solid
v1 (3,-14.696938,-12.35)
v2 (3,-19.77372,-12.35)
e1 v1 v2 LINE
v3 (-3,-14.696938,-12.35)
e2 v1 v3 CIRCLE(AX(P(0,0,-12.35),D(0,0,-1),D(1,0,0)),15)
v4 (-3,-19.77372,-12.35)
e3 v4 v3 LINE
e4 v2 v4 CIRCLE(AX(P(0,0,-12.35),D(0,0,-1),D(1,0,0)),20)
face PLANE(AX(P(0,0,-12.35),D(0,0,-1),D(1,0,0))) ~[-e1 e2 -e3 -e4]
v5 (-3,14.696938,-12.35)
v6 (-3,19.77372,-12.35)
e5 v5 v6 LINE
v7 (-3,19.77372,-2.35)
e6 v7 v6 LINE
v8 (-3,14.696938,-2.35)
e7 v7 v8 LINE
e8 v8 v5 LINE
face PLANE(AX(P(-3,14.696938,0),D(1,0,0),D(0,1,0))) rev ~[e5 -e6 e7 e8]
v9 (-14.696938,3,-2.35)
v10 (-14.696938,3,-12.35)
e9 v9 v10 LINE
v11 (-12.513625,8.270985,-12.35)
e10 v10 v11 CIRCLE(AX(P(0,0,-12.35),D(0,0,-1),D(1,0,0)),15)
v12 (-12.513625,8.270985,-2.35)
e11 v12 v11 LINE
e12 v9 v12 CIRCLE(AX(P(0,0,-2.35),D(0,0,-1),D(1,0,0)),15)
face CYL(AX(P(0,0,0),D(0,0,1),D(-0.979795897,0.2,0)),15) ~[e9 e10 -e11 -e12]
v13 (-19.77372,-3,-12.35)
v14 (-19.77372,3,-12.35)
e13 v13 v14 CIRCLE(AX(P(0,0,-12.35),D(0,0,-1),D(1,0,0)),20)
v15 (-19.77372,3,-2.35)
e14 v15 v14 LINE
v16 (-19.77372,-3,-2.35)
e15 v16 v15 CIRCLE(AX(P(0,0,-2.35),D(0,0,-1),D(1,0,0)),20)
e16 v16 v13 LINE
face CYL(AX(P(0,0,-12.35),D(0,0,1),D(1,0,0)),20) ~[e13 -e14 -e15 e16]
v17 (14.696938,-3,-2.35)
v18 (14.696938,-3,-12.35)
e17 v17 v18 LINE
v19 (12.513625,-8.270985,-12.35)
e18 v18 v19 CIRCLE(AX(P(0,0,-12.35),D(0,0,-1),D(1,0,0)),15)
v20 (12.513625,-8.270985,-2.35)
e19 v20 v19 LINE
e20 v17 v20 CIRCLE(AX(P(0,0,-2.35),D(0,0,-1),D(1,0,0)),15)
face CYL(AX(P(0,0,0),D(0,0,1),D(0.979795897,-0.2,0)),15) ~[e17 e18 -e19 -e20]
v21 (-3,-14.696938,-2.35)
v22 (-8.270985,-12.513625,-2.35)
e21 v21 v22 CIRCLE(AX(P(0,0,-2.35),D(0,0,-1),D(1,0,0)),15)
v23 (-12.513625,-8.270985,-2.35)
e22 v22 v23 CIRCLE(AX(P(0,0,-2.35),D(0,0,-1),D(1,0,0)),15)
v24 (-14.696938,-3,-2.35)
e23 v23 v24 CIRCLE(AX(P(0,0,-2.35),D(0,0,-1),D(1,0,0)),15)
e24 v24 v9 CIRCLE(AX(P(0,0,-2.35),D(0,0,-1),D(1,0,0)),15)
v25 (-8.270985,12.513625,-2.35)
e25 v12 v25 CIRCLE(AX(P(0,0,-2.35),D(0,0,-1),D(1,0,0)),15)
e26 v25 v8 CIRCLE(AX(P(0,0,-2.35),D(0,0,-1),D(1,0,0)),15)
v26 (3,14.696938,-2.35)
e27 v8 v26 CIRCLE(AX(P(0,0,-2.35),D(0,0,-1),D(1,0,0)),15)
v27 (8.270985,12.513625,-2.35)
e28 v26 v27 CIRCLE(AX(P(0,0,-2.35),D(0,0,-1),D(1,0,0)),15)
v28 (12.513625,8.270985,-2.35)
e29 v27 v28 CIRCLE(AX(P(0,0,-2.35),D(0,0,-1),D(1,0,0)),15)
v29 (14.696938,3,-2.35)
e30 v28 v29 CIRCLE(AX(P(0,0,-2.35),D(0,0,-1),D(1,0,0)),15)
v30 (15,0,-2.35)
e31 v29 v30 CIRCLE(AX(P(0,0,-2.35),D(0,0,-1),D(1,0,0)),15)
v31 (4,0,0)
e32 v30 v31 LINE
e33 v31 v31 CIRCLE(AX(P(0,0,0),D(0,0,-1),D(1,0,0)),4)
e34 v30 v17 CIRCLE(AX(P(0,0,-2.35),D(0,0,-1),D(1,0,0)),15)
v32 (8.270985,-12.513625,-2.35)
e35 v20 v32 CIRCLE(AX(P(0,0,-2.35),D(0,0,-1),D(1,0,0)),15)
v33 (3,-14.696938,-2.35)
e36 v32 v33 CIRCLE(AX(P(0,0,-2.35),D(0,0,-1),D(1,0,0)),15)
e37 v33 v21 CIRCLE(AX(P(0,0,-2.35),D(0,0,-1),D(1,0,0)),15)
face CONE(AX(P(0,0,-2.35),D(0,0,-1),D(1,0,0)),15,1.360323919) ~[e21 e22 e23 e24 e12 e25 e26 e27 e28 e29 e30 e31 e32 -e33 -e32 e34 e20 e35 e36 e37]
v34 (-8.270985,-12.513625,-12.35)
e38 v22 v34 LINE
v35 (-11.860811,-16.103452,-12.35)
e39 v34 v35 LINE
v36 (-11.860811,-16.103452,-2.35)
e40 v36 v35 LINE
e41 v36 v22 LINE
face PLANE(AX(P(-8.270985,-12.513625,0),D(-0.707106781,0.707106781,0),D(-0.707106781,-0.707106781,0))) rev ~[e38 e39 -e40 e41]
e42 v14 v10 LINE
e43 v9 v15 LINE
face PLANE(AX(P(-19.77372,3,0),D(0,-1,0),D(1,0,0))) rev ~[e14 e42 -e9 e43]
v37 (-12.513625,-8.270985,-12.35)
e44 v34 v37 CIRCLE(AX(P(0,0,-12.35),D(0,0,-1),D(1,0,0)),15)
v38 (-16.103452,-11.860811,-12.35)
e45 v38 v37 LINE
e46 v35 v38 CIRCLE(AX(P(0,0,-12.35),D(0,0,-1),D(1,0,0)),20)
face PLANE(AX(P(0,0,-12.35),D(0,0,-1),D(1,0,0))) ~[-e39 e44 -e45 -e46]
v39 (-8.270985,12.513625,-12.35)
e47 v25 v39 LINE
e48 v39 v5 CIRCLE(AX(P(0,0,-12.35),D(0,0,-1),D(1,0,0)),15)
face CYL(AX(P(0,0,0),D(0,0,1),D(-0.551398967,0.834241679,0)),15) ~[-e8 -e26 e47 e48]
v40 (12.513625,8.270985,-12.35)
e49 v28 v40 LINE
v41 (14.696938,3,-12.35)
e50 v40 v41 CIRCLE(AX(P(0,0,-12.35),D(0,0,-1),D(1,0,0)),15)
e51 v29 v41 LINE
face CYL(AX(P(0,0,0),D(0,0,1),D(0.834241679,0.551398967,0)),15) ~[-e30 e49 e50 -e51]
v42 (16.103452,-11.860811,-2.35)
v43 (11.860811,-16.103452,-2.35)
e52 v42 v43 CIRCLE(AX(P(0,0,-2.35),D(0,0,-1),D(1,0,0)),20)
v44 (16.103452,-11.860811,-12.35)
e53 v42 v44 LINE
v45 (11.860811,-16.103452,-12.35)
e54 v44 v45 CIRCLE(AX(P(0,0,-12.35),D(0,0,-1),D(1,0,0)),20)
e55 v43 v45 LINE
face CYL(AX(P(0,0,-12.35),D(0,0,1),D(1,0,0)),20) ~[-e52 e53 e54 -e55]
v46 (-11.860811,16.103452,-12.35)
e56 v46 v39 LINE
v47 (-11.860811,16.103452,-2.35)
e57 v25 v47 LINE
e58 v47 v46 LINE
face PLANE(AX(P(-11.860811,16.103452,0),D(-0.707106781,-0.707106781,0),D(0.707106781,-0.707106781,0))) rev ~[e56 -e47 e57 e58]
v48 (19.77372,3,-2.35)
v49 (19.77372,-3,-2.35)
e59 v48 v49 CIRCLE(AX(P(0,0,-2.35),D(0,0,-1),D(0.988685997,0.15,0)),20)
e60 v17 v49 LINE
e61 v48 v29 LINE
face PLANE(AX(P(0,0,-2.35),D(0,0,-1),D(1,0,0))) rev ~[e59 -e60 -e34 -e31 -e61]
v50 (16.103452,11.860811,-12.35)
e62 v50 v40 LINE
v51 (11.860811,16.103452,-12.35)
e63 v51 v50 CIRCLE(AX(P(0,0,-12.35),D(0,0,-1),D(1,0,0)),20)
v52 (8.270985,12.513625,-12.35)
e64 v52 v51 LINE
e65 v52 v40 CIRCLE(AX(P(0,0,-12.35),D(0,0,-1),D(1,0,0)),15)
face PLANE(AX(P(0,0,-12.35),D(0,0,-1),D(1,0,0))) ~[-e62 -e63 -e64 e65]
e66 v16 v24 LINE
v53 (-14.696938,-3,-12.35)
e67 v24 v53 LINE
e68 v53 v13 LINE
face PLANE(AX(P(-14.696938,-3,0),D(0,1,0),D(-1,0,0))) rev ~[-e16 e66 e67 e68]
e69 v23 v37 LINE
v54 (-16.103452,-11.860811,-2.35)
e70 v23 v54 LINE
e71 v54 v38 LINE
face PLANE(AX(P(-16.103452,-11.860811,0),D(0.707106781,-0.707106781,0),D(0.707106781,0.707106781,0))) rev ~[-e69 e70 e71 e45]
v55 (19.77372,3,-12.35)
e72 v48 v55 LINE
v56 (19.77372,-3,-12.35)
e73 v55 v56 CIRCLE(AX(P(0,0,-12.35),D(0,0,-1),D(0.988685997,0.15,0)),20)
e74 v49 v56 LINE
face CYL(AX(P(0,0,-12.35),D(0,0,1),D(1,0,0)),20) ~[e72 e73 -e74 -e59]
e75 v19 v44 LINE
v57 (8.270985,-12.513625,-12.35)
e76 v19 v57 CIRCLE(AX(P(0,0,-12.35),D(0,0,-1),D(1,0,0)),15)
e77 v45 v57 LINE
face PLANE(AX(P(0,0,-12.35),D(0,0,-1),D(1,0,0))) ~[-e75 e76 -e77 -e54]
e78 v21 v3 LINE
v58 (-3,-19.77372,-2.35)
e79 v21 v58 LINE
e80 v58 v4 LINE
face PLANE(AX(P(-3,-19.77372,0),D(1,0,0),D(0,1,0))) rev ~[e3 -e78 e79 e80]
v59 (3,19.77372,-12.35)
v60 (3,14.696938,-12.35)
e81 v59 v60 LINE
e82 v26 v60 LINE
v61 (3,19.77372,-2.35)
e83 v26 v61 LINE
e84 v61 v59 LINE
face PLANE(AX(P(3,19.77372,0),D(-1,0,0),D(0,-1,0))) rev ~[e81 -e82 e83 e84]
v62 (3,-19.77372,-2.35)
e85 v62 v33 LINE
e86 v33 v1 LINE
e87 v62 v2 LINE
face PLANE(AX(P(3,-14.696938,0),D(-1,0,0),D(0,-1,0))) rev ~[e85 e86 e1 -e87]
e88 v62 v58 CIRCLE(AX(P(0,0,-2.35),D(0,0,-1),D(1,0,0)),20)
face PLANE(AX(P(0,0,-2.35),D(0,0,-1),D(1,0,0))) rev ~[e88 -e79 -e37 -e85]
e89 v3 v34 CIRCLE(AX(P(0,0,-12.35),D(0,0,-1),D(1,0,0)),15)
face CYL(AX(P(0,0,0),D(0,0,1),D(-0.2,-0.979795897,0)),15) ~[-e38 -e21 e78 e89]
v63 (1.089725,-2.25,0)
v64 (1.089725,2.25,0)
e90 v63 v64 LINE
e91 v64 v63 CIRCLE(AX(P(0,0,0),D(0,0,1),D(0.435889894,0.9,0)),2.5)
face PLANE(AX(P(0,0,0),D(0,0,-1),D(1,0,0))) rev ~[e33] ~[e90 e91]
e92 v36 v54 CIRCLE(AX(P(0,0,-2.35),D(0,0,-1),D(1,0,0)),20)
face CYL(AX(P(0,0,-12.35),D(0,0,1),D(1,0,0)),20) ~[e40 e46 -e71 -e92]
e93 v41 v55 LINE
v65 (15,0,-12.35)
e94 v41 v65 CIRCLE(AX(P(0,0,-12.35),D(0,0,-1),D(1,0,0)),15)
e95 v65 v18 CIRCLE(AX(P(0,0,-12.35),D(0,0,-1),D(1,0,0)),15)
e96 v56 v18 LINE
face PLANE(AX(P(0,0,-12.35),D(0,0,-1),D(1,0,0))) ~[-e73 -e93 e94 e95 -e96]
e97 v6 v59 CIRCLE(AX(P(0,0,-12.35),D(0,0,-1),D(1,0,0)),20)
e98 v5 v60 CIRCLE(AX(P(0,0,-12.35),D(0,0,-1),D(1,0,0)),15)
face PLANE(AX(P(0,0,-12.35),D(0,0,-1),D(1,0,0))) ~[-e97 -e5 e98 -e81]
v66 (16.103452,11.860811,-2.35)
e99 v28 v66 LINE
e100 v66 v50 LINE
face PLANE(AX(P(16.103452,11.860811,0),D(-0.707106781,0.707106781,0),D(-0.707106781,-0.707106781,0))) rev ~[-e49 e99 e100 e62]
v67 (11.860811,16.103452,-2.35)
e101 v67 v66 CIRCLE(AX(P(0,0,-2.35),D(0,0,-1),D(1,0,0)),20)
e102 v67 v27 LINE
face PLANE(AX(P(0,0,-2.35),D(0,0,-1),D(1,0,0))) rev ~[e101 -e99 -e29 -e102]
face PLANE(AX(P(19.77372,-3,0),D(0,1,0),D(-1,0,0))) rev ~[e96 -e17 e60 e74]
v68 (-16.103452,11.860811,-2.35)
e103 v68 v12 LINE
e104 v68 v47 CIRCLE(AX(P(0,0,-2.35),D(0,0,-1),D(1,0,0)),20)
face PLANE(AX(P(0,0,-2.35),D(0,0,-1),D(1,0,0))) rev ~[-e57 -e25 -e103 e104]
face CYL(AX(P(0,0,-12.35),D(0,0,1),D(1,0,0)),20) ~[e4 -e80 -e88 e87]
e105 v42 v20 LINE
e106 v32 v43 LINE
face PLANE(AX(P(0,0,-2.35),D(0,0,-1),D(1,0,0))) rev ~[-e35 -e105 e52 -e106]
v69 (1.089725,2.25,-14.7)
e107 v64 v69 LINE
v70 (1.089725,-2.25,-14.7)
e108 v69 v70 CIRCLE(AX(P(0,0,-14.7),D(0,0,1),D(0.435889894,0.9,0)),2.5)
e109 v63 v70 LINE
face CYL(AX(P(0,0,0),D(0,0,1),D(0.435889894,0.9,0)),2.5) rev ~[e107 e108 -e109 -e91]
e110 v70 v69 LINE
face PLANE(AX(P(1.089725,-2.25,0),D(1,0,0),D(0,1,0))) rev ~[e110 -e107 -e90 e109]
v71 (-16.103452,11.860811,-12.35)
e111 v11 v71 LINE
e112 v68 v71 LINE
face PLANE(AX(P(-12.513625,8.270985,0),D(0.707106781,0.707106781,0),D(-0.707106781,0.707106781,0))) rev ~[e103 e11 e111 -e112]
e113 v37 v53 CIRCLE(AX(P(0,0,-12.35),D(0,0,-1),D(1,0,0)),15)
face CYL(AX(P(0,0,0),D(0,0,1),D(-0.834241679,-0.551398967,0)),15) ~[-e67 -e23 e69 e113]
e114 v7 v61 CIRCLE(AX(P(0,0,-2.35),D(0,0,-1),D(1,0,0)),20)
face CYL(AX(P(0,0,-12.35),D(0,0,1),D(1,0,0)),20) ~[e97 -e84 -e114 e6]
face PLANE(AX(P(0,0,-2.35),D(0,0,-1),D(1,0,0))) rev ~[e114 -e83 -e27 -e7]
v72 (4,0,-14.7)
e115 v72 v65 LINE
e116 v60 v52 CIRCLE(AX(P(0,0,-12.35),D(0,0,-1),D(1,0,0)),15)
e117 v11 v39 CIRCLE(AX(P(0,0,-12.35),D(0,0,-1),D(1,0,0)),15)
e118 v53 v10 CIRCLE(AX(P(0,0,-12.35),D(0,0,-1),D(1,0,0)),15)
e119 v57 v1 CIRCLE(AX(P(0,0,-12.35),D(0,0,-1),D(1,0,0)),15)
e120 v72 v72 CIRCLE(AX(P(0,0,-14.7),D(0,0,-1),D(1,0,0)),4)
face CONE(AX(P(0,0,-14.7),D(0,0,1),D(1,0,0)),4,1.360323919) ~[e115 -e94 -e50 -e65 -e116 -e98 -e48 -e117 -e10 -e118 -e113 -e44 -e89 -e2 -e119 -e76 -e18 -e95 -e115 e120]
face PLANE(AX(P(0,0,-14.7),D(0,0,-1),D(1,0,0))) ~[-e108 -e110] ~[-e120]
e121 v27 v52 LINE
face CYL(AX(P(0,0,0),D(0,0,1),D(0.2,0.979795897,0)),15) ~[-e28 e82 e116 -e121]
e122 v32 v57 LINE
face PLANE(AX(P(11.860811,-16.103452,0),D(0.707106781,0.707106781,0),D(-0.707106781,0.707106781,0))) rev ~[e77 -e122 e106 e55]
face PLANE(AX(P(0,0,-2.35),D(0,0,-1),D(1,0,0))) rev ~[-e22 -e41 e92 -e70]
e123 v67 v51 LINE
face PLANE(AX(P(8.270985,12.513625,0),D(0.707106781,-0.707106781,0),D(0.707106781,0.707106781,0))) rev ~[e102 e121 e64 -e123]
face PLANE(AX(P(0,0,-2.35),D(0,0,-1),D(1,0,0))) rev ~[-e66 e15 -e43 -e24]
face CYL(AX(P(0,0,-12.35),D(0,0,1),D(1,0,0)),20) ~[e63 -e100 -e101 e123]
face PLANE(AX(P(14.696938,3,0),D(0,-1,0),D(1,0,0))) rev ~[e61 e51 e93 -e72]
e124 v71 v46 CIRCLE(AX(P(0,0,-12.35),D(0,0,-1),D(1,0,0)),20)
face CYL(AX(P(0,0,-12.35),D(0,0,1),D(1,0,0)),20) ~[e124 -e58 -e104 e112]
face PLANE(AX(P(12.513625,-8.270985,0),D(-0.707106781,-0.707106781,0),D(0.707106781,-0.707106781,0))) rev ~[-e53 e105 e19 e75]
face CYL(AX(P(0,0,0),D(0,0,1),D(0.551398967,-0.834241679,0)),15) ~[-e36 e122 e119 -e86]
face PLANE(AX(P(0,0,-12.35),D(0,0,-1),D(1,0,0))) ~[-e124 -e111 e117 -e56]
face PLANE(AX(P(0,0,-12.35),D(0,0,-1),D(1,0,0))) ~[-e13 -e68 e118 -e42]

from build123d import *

# Parameters (mm, degrees)
SKETCH2_R          = 25
SKETCH2_R_2        = 20
CUT_EXTRUDE5_DEPTH = 30
CUT_EXTRUDE6_DEPTH = 20


with BuildPart() as part:
    # Sketch3 → Revolve3 (revolve)
    with BuildSketch(Plane(origin=(0, 0, 0), x_dir=(0, 0, -1), z_dir=(1, 0, 0)), mode=Mode.PRIVATE) as revolve3_sk:
        Polygon((0, 0), (14.7, 0), (14.7, 4), (12.35, 15), (12.35, 20), (2.35, 20), (2.35, 15), (0, 4), align=None)
    revolve(revolve3_sk.sketch.rotate(Axis((0, 0, 0), (0, 0, -1)), 90), axis=Axis((0, 0, 0), (0, 0, -1)))

    # Sketch2 → Cut-Extrude5 (cut)
    with BuildSketch(Plane.XY):
        Circle(SKETCH2_R)
        Circle(SKETCH2_R_2, mode=Mode.SUBTRACT)
        with BuildLine():
            ThreePointArc((-12.513625189, -8.270984502), (-13.858192988, -5.740251485), (-14.696938457, -3))
            Line((-14.696938457, -3), (-19.773719933, -3))
            ThreePointArc((-19.773719933, -3), (-18.47759065, -7.653668647), (-16.103451798, -11.860811111))
            Line((-16.103451798, -11.860811111), (-12.513625189, -8.270984502))
        make_face()
        with BuildLine():
            ThreePointArc((-14.696938457, 3), (-13.858192988, 5.740251485), (-12.513625189, 8.270984502))
            Line((-12.513625189, 8.270984502), (-16.103451798, 11.860811111))
            ThreePointArc((-16.103451798, 11.860811111), (-18.47759065, 7.653668647), (-19.773719933, 3))
            Line((-19.773719933, 3), (-14.696938457, 3))
        make_face()
        with BuildLine():
            ThreePointArc((-8.270984502, 12.513625189), (-5.740251485, 13.858192988), (-3, 14.696938457))
            Line((-3, 14.696938457), (-3, 19.773719933))
            ThreePointArc((-3, 19.773719933), (-7.653668647, 18.47759065), (-11.860811111, 16.103451798))
            Line((-11.860811111, 16.103451798), (-8.270984502, 12.513625189))
        make_face()
        with BuildLine():
            Line((3, 19.773719933), (3, 14.696938457))
            ThreePointArc((3, 14.696938457), (5.740251485, 13.858192988), (8.270984502, 12.513625189))
            Line((8.270984502, 12.513625189), (11.860811111, 16.103451798))
            ThreePointArc((11.860811111, 16.103451798), (7.653668647, 18.47759065), (3, 19.773719933))
        make_face()
        with BuildLine():
            Line((16.103451798, 11.860811111), (12.513625189, 8.270984502))
            ThreePointArc((12.513625189, 8.270984502), (13.858192988, 5.740251485), (14.696938457, 3))
            Line((14.696938457, 3), (19.773719933, 3))
            ThreePointArc((19.773719933, 3), (18.47759065, 7.653668647), (16.103451798, 11.860811111))
        make_face()
        with BuildLine():
            ThreePointArc((16.103451798, -11.860811111), (18.47759065, -7.653668647), (19.773719933, -3))
            Line((19.773719933, -3), (14.696938457, -3))
            ThreePointArc((14.696938457, -3), (13.858192988, -5.740251485), (12.513625189, -8.270984502))
            Line((12.513625189, -8.270984502), (16.103451798, -11.860811111))
        make_face()
        with BuildLine():
            ThreePointArc((3, -19.773719933), (7.653668647, -18.47759065), (11.860811111, -16.103451798))
            Line((11.860811111, -16.103451798), (8.270984502, -12.513625189))
            ThreePointArc((8.270984502, -12.513625189), (5.740251485, -13.858192988), (3, -14.696938457))
            Line((3, -14.696938457), (3, -19.773719933))
        make_face()
        with BuildLine():
            ThreePointArc((-3, -14.696938457), (-5.740251485, -13.858192988), (-8.270984502, -12.513625189))
            Line((-8.270984502, -12.513625189), (-11.860811111, -16.103451798))
            ThreePointArc((-11.860811111, -16.103451798), (-7.653668647, -18.47759065), (-3, -19.773719933))
            Line((-3, -19.773719933), (-3, -14.696938457))
        make_face()
    extrude(amount=-CUT_EXTRUDE5_DEPTH, mode=Mode.SUBTRACT)

    # Sketch4 → Cut-Extrude6 (cut)
    with BuildSketch(Plane.XY):
        with BuildLine():
            Line((1.089724736, -2.25), (1.089724736, 2.25))
            ThreePointArc((1.089724736, 2.25), (-2.5, 0), (1.089724736, -2.25))
        make_face()
    extrude(amount=-CUT_EXTRUDE6_DEPTH, mode=Mode.SUBTRACT)


solid = part.part
